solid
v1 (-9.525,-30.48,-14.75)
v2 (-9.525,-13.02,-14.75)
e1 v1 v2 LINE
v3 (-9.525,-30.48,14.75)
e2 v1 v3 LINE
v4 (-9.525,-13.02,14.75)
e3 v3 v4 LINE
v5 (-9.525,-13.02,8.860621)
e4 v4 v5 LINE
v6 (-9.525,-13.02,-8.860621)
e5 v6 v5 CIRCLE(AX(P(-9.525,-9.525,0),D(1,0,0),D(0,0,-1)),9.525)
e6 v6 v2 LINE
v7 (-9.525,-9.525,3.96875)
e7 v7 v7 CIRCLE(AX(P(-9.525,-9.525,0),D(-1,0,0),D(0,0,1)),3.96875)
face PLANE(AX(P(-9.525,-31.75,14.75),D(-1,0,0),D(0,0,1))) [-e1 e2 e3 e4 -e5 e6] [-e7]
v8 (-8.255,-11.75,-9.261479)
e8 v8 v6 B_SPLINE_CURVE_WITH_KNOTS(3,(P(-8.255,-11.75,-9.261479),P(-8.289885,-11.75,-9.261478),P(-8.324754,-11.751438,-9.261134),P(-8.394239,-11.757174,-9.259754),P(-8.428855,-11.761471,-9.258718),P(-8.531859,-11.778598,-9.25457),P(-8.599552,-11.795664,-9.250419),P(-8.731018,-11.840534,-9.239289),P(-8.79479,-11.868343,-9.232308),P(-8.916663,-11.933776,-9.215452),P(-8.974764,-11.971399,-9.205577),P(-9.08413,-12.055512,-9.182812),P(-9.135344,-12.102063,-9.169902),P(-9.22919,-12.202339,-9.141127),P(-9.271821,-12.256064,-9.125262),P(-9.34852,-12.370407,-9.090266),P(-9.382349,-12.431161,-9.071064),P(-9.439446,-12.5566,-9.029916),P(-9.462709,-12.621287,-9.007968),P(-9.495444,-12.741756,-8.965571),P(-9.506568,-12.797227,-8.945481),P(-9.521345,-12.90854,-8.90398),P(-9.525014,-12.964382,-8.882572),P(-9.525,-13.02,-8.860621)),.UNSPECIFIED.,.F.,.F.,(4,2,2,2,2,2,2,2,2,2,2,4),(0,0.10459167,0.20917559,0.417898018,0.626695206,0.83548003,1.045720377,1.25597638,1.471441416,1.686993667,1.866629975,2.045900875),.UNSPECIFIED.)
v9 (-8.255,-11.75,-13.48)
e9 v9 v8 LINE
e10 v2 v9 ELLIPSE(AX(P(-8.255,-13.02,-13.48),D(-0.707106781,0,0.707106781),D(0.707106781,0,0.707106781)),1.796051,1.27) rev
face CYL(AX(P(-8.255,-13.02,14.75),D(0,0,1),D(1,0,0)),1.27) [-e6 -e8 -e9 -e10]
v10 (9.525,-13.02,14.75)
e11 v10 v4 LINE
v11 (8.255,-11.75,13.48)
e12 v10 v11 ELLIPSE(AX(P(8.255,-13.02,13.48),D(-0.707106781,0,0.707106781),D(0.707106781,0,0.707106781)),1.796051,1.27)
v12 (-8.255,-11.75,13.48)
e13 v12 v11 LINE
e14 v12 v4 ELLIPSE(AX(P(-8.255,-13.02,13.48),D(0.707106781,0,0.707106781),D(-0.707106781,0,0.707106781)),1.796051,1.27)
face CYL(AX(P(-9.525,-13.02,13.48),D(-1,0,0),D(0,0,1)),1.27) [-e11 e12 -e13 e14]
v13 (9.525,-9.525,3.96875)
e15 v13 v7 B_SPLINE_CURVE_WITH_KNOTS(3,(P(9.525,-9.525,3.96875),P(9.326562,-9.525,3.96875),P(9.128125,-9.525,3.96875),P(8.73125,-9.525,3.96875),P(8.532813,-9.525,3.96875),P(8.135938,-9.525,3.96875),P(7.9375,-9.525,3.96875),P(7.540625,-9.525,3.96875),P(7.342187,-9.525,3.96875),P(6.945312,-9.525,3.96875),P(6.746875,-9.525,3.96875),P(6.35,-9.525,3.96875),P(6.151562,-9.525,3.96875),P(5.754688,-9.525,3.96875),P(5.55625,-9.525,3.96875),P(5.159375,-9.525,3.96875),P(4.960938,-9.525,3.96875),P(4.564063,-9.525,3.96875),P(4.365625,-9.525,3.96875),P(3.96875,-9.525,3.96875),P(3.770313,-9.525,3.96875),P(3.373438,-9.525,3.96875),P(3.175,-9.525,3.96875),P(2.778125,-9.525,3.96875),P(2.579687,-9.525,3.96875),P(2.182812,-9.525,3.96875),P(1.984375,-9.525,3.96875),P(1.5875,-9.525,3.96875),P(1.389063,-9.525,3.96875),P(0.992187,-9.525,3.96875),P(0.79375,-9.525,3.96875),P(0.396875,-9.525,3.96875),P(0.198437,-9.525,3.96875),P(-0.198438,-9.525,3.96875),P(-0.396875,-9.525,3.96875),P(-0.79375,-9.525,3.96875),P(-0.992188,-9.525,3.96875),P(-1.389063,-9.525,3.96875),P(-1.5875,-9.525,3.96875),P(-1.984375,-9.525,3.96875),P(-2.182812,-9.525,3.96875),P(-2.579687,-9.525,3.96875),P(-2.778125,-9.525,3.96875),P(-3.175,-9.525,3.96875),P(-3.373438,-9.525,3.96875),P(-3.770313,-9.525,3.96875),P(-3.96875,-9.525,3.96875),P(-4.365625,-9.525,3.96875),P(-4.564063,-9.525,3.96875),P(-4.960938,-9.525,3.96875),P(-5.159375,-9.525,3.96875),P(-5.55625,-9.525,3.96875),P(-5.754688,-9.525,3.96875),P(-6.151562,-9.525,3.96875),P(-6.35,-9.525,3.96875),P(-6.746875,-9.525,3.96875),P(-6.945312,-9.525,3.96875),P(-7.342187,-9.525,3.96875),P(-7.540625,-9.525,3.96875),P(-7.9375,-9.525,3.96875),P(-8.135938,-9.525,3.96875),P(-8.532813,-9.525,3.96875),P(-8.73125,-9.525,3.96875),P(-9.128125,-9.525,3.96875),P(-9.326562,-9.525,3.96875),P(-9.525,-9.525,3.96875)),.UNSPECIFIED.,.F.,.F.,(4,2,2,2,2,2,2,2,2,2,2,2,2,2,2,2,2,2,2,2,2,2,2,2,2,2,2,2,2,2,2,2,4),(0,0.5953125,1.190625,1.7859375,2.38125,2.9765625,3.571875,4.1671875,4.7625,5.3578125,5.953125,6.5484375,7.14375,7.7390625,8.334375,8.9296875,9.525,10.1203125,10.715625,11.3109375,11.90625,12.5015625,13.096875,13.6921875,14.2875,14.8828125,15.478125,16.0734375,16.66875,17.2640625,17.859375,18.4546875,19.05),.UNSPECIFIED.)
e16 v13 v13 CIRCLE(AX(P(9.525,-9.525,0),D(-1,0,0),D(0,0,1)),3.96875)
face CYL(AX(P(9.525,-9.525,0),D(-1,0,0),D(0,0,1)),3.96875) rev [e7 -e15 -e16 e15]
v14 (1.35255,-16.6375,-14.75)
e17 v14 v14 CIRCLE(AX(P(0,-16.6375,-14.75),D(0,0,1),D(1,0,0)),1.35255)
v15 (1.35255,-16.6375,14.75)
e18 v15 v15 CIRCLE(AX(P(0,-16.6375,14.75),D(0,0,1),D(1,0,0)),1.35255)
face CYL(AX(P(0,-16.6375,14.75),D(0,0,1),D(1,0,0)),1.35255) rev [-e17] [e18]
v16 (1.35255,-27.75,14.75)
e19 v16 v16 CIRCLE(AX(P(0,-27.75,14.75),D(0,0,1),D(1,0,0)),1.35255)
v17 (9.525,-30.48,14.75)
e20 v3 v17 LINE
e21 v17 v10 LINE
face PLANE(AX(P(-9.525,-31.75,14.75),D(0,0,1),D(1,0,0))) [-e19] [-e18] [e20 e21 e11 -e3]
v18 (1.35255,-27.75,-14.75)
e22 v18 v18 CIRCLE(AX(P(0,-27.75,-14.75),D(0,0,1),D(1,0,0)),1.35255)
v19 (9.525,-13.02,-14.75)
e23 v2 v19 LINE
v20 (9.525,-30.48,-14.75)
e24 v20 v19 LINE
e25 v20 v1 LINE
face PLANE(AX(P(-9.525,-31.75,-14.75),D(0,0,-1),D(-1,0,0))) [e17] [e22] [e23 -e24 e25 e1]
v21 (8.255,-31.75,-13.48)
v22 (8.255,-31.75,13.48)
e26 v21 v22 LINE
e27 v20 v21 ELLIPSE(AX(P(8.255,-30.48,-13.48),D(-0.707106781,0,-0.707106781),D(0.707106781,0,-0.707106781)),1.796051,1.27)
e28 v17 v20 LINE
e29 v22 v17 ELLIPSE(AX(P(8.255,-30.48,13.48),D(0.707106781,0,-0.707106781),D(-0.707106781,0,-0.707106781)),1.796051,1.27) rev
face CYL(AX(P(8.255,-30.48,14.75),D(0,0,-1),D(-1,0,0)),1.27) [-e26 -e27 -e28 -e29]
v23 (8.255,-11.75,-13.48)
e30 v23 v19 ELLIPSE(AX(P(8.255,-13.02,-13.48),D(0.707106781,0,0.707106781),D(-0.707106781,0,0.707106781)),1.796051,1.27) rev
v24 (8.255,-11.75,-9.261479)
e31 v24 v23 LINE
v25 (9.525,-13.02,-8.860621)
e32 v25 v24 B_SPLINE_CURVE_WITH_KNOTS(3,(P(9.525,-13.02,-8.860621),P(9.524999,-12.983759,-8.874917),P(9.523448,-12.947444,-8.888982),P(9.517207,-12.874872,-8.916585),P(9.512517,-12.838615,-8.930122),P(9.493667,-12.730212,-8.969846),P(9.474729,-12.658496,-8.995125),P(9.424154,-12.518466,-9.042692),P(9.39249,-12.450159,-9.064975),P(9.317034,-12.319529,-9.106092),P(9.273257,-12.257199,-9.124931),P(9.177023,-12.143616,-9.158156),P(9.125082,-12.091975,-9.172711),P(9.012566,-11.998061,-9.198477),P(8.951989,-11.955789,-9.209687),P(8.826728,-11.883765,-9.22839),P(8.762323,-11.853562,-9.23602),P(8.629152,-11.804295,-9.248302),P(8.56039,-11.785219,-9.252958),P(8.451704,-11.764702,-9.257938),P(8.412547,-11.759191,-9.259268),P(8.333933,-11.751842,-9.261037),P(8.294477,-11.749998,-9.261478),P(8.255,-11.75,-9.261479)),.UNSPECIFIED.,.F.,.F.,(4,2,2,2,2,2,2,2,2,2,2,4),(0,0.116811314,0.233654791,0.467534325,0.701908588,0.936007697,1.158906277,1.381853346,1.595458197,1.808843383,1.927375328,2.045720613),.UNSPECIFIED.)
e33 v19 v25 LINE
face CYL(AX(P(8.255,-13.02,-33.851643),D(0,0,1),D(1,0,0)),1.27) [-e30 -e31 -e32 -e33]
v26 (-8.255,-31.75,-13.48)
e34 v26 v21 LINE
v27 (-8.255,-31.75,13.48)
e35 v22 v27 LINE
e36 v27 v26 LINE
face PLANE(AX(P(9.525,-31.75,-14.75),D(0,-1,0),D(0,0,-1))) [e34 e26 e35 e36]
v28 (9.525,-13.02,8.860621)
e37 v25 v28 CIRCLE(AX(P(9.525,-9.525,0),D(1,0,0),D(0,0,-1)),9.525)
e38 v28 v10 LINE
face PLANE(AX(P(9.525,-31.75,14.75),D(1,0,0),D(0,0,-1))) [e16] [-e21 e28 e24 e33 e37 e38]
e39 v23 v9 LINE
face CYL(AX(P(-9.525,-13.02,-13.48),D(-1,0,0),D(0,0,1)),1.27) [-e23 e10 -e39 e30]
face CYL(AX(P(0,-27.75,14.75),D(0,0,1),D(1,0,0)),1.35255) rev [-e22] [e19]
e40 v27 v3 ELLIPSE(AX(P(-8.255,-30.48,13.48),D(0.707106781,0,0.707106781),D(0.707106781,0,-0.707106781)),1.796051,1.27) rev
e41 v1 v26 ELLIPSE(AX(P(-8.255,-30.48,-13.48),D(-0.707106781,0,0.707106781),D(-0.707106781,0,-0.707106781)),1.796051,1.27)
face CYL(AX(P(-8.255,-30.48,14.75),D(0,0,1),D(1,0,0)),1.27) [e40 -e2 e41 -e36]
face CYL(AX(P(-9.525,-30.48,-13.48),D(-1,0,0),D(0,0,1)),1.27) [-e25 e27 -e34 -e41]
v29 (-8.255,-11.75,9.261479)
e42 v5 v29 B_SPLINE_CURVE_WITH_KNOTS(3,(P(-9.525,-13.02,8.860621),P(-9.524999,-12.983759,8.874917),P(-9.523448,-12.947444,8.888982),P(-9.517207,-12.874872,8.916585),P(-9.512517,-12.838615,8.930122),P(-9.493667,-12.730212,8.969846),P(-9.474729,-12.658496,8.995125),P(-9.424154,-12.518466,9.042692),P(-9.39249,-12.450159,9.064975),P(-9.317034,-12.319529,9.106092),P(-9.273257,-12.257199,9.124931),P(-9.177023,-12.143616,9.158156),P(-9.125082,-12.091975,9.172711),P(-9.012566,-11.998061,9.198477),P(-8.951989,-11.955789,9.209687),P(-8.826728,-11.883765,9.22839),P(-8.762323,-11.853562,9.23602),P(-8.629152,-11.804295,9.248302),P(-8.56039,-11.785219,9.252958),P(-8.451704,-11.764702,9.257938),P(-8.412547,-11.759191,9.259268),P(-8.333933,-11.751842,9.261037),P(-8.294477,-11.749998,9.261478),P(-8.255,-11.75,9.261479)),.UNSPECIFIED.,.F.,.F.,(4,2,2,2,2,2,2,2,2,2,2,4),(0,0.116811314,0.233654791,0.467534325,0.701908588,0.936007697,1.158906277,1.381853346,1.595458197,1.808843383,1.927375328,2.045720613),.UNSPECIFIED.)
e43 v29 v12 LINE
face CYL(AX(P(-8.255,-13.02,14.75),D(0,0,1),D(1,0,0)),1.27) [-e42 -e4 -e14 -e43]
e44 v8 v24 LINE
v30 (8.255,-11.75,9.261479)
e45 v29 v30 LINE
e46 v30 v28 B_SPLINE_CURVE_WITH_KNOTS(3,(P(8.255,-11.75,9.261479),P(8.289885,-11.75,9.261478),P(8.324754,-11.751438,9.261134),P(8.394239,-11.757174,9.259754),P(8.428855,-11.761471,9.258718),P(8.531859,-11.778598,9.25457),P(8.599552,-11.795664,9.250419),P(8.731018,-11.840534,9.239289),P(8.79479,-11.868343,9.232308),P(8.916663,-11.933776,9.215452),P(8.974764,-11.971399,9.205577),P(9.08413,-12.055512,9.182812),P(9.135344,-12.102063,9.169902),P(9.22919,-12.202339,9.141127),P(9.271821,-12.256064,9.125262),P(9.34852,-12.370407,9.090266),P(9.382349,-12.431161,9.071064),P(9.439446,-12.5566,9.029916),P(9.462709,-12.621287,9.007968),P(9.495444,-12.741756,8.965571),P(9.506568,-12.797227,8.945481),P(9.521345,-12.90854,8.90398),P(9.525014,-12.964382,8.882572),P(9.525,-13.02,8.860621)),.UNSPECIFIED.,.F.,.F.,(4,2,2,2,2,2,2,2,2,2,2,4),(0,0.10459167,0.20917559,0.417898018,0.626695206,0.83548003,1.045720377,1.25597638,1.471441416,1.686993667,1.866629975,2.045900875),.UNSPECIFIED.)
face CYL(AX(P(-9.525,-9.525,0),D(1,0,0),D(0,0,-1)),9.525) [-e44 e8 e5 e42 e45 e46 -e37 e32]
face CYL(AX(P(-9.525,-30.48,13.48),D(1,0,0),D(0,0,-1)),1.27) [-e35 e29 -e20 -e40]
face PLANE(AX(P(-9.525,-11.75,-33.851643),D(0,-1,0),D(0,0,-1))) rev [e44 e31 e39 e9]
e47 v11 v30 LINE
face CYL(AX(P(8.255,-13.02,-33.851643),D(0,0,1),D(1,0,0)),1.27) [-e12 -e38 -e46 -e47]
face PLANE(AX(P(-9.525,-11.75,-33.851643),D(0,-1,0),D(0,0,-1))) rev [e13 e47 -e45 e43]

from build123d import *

# Parameters (mm, degrees)
SKETCH1_W             = 19.05
SKETCH1_H             = 29.5
BODY_DEPTH            = 31.75
SKETCH8_R             = 3.96875
AXLE_HOLE_DEPTH       = 40.856335757
F_6_32_TAPPED_HOLE1_D = 2.7051
ROUND_OVER_DEPTH      = 40.856335757
FILLET1_R             = 1.27


with BuildPart() as part:
    # Sketch1 → Body (new body)
    with BuildSketch(Plane(origin=(0, 0, 0), x_dir=(1, 0, 0), z_dir=(0, 1, 0))):
        Rectangle(SKETCH1_W, SKETCH1_H)
    extrude(amount=-BODY_DEPTH)

    # Sketch8 → Axle Hole (cut, through all)
    with BuildSketch(Plane.ZY.offset(9.525)):
        with Locations((0, -9.525)):
            Circle(SKETCH8_R)
    extrude(amount=-AXLE_HOLE_DEPTH, mode=Mode.SUBTRACT)

    # #6-32 Tapped Hole1 (through all)
    with Locations(Plane(origin=(0, -27.75, 14.75), x_dir=(1, 0, 0), z_dir=(0, 0, 1))):
        with Locations((0, 0), (0, 11.1125)):
            Hole(F_6_32_TAPPED_HOLE1_D / 2)

    # Sketch10 → Round Over (cut, through all)
    with BuildSketch(Plane(origin=(9.525, 0, 0), x_dir=(0, 0, -1), z_dir=(1, 0, 0))):
        with BuildLine():
            Line((-14.75, 0), (-14.75, -11.75))
            Line((-14.75, -11.75), (-9.261479363, -11.75))
            ThreePointArc((-9.261479363, -11.75), (-7.480599909, -3.628708793), (0, 0))
            Line((0, 0), (-14.75, 0))
        make_face()
        with BuildLine():
            Line((14.75, 0), (0, 0))
            ThreePointArc((0, 0), (6.735192091, -2.789807909), (9.525, -9.525))
            ThreePointArc((9.525, -9.525), (9.45889042, -10.645275427), (9.261479363, -11.75))
            Line((9.261479363, -11.75), (14.75, -11.75))
            Line((14.75, -11.75), (14.75, 0))
        make_face()
    extrude(amount=-ROUND_OVER_DEPTH, mode=Mode.SUBTRACT)

    # Fillet1
    fillet1_edges = [part.edges().sort_by_distance(p)[0] for p in [
        (-9.525, -31.75, 0),
        (0, -31.75, 14.75),
        (-9.525, -11.75, 12.005739682),
        (0, -11.75, 14.75),
        (9.525, -11.75, 12.005739682),
        (9.525, -31.75, 0),
        (-9.525, -11.75, -12.005739682),
        (0, -11.75, -14.75),
        (9.525, -11.75, -12.005739682),
        (0, -31.75, -14.75),
    ]]
    fillet(fillet1_edges, radius=FILLET1_R)


solid = part.part
